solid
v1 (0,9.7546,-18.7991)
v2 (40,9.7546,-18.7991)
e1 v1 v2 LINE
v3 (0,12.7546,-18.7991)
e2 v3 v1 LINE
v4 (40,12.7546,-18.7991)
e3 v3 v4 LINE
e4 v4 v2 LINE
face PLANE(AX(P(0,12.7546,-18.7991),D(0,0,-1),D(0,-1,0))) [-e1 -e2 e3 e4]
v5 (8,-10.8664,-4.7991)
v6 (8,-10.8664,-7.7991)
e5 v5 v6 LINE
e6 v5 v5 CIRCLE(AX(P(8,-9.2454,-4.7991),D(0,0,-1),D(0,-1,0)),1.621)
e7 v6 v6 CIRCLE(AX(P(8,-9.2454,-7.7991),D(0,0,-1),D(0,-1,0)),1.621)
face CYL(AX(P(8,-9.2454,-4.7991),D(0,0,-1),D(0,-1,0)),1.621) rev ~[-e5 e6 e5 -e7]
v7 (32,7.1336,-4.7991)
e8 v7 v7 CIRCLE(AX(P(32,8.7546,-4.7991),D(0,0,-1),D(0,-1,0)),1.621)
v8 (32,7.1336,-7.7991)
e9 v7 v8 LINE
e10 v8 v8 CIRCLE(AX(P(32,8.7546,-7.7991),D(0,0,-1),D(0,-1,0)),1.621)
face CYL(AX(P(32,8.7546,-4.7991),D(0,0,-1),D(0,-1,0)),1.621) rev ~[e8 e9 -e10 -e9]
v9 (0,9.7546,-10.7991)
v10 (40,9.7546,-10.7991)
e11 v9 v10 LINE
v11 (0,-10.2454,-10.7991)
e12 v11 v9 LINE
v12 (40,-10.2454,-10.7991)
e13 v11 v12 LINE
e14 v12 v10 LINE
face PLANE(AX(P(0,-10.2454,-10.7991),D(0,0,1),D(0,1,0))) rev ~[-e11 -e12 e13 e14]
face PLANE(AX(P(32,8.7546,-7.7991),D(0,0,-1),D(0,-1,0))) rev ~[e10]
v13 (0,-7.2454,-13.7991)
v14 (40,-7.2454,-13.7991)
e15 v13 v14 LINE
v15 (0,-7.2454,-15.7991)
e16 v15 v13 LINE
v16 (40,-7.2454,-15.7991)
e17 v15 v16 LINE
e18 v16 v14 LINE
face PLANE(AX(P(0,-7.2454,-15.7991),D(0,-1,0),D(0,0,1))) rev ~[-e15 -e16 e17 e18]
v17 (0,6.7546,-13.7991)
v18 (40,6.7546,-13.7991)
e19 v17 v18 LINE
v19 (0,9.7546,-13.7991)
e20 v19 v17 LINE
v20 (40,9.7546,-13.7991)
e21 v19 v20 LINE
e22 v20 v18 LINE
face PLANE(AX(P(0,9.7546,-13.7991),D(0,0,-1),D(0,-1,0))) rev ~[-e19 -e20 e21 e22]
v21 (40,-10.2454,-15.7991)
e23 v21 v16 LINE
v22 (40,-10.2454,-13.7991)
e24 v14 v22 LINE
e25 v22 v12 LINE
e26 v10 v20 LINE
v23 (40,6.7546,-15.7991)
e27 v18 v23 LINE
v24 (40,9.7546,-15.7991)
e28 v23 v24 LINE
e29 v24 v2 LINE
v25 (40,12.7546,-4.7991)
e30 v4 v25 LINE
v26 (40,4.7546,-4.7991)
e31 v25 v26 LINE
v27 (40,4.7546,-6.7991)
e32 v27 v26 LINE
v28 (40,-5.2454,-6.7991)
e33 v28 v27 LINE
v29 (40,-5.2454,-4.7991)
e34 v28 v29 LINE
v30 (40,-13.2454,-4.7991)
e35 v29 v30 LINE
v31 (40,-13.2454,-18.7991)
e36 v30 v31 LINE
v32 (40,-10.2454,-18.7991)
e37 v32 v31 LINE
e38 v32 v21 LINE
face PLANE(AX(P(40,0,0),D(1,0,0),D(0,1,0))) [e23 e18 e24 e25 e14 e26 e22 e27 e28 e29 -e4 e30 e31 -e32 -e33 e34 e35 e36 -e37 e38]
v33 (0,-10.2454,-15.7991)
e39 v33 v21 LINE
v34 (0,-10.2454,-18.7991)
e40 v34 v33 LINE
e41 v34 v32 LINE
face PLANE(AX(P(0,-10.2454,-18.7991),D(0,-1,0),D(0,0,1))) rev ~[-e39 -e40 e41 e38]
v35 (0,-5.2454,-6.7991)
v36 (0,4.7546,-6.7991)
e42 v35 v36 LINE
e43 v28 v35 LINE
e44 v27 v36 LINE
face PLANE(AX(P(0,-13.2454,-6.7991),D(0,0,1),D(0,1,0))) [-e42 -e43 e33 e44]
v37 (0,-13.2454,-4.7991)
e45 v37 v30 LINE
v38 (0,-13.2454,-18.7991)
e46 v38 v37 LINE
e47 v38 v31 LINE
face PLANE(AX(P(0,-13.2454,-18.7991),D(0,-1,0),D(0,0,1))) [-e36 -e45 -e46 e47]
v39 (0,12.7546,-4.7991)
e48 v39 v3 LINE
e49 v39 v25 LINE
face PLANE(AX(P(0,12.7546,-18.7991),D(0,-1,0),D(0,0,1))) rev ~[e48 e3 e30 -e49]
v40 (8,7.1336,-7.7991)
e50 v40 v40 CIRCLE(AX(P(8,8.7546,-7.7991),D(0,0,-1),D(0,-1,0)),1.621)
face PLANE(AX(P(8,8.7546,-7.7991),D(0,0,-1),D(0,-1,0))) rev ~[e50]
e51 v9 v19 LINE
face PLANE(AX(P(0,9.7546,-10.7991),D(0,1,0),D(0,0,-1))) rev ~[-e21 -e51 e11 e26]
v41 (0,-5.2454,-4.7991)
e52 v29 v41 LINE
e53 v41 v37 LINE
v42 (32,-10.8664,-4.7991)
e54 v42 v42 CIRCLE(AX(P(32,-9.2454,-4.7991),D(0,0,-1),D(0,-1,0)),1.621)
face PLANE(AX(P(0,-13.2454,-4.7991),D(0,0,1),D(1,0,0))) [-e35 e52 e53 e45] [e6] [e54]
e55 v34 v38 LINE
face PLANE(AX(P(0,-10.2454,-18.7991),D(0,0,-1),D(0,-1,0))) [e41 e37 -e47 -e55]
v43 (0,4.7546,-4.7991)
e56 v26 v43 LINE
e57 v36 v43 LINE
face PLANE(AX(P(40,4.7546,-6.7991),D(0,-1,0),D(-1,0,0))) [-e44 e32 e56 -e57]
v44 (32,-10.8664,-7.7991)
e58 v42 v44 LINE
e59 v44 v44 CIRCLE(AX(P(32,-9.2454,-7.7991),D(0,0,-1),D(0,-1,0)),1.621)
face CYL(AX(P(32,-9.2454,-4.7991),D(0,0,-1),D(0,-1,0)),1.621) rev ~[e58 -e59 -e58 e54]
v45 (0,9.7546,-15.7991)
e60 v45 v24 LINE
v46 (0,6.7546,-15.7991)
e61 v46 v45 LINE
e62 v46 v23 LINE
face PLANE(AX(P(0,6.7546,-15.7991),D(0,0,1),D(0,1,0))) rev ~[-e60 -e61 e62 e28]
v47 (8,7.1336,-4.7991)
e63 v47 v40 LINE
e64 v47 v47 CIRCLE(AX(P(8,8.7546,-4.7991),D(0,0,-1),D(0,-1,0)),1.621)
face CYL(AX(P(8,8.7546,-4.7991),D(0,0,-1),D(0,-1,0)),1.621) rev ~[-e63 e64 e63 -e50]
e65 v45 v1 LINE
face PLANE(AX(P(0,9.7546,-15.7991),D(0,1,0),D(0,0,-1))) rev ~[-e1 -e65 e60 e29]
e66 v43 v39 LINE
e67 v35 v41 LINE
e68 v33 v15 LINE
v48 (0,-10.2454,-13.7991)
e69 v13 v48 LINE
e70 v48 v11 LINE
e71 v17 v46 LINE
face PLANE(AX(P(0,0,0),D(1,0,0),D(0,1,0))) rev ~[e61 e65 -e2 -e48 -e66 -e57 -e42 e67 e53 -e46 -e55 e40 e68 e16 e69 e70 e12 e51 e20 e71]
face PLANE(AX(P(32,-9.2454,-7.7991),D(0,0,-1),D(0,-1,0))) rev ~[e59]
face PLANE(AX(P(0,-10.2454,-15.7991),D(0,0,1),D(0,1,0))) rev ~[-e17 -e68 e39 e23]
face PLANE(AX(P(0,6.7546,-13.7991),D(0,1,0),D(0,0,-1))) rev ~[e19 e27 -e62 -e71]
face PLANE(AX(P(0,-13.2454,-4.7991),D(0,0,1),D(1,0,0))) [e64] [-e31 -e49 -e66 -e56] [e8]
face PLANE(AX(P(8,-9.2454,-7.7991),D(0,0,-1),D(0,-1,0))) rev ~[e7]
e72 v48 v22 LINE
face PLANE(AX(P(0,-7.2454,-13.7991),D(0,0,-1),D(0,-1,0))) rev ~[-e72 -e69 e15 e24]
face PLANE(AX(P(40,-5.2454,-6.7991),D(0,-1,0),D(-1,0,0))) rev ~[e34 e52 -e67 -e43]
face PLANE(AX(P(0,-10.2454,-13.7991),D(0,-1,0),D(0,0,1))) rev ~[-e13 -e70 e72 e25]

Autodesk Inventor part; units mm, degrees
ref_plane "YZ Plane" through (0, 0, 0) normal (1, 0, 0) x (0, 1, 0)
ref_plane "XZ Plane" through (0, 0, 0) normal (0, 1, 0) x (-1, 0, 0)
ref_plane "XY Plane" through (0, 0, 0) normal (0, 0, 1) x (1, 0, 0)
sketch "草图1" plane through (0, 0, 0) normal (1, 0, 0) x (0, 1, 0)
  line L0 (9.7546, -15.7991) -> (9.7546, -18.7991) projected
  line L1 (20.7546, -18.7991) -> (9.7546, -18.7991) projected
  line L2 (20.7546, -18.7991) -> (20.7546, -10.7991) projected
  line L3 (18.7546, -8.7991) -> (20.7546, -10.7991) projected
  line L4 (18.7546, -8.7991) -> (-19.2454, -8.7991) projected
  line L5 (-21.2454, -10.7991) -> (-19.2454, -8.7991) projected
  line L6 (-21.2454, -10.7991) -> (-21.2454, -18.7991) projected
  line L7 (-10.2454, -18.7991) -> (-21.2454, -18.7991) projected
  line L8 (-10.2454, -18.7991) -> (-10.2454, -15.7991) projected
  line L9 (-10.2454, -15.7991) -> (-7.2454, -15.7991) projected
  line L10 (-7.2454, -15.7991) -> (-7.2454, -13.7991) projected
  line L11 (-7.2454, -13.7991) -> (-10.2454, -13.7991) projected
  line L12 (-10.2454, -13.7991) -> (-10.2454, -10.7991) projected
  line L13 (-10.2454, -10.7991) -> (9.7546, -10.7991) projected
  line L14 (9.7546, -10.7991) -> (9.7546, -13.7991) projected
  line L15 (9.7546, -13.7991) -> (6.7546, -13.7991) projected
  line L16 (6.7546, -13.7991) -> (6.7546, -15.7991) projected
  line L17 (6.7546, -15.7991) -> (9.7546, -15.7991) projected
  line L18 (9.7546, -18.7991) -> (12.7546, -18.7991)
  line L19 (12.7546, -18.7991) -> (12.7546, -6.7991)
  line L20 (-10.2454, -18.7991) -> (-13.2454, -18.7991)
  line L21 (-13.2454, -18.7991) -> (-13.2454, -6.7991)
  line L22 (-13.2454, -6.7991) -> (12.7546, -6.7991)
  dimension "d0" = 3
  dimension "d1" = 12
extrude "拉伸1" add sketch "草图1" along normal blind 40 contours L17 L16 L15 L14 L13 L12 L11 L10 L9 L8 L7 L21 L4 L19 L1 L0 | L4 L21 L22 L19
sketch "草图2" plane through (0, -13.2454, -6.7991) normal (0, 0, 1) x (1, 0, 0)
  line L0 (40, 26) -> (40, 0) projected
  line L1 (0, 0) -> (40, 0)
  line L2 (40, 0) -> (40, 8)
  line L3 (40, 8) -> (0, 8)
  line L4 (0, 8) -> (0, 0)
  line L5 (0, 26) -> (40, 26) projected
  line L6 (0, 26) -> (40, 26)
  line L7 (40, 26) -> (40, 18)
  line L8 (40, 18) -> (0, 18)
  line L9 (0, 18) -> (0, 26)
  point P0 (0, 13.2454)
  dimension "d4" = 8
  dimension "d5" = 8
extrude "拉伸2" add sketch "草图2" along normal blind 2
sketch "草图3" plane through (0, -13.2454, -4.7991) normal (0, 0, 1) x (1, 0, 0)
  line L0 (40, 26) -> (0, 26) projected
  line L1 (0, 26) -> (0, 18) projected
  line L2 (40, 18) -> (40, 26) projected
  line L3 (0, 0) -> (40, 0) projected
  point P0 (0, 13.2454)
  point P1 (8, 22)
  point P2 (32, 22)
  point P3 (32, 4)
  point P4 (8, 4)
  dimension "d8" = 4
  dimension "d9" = 8
  dimension "d10" = 8
  dimension "d11" = 4
hole "孔1" at (8, 8.7546, -4.7991) at (32, 8.7546, -4.7991) at (32, -9.2454, -4.7991) at (8, -9.2454, -4.7991) direction (0, 0, -1) diameter 3.242 depth 3 thread size "M4x0.7" designation "M4" class "6H" standard "GB Metric profile"
properties part number "滑块3"
